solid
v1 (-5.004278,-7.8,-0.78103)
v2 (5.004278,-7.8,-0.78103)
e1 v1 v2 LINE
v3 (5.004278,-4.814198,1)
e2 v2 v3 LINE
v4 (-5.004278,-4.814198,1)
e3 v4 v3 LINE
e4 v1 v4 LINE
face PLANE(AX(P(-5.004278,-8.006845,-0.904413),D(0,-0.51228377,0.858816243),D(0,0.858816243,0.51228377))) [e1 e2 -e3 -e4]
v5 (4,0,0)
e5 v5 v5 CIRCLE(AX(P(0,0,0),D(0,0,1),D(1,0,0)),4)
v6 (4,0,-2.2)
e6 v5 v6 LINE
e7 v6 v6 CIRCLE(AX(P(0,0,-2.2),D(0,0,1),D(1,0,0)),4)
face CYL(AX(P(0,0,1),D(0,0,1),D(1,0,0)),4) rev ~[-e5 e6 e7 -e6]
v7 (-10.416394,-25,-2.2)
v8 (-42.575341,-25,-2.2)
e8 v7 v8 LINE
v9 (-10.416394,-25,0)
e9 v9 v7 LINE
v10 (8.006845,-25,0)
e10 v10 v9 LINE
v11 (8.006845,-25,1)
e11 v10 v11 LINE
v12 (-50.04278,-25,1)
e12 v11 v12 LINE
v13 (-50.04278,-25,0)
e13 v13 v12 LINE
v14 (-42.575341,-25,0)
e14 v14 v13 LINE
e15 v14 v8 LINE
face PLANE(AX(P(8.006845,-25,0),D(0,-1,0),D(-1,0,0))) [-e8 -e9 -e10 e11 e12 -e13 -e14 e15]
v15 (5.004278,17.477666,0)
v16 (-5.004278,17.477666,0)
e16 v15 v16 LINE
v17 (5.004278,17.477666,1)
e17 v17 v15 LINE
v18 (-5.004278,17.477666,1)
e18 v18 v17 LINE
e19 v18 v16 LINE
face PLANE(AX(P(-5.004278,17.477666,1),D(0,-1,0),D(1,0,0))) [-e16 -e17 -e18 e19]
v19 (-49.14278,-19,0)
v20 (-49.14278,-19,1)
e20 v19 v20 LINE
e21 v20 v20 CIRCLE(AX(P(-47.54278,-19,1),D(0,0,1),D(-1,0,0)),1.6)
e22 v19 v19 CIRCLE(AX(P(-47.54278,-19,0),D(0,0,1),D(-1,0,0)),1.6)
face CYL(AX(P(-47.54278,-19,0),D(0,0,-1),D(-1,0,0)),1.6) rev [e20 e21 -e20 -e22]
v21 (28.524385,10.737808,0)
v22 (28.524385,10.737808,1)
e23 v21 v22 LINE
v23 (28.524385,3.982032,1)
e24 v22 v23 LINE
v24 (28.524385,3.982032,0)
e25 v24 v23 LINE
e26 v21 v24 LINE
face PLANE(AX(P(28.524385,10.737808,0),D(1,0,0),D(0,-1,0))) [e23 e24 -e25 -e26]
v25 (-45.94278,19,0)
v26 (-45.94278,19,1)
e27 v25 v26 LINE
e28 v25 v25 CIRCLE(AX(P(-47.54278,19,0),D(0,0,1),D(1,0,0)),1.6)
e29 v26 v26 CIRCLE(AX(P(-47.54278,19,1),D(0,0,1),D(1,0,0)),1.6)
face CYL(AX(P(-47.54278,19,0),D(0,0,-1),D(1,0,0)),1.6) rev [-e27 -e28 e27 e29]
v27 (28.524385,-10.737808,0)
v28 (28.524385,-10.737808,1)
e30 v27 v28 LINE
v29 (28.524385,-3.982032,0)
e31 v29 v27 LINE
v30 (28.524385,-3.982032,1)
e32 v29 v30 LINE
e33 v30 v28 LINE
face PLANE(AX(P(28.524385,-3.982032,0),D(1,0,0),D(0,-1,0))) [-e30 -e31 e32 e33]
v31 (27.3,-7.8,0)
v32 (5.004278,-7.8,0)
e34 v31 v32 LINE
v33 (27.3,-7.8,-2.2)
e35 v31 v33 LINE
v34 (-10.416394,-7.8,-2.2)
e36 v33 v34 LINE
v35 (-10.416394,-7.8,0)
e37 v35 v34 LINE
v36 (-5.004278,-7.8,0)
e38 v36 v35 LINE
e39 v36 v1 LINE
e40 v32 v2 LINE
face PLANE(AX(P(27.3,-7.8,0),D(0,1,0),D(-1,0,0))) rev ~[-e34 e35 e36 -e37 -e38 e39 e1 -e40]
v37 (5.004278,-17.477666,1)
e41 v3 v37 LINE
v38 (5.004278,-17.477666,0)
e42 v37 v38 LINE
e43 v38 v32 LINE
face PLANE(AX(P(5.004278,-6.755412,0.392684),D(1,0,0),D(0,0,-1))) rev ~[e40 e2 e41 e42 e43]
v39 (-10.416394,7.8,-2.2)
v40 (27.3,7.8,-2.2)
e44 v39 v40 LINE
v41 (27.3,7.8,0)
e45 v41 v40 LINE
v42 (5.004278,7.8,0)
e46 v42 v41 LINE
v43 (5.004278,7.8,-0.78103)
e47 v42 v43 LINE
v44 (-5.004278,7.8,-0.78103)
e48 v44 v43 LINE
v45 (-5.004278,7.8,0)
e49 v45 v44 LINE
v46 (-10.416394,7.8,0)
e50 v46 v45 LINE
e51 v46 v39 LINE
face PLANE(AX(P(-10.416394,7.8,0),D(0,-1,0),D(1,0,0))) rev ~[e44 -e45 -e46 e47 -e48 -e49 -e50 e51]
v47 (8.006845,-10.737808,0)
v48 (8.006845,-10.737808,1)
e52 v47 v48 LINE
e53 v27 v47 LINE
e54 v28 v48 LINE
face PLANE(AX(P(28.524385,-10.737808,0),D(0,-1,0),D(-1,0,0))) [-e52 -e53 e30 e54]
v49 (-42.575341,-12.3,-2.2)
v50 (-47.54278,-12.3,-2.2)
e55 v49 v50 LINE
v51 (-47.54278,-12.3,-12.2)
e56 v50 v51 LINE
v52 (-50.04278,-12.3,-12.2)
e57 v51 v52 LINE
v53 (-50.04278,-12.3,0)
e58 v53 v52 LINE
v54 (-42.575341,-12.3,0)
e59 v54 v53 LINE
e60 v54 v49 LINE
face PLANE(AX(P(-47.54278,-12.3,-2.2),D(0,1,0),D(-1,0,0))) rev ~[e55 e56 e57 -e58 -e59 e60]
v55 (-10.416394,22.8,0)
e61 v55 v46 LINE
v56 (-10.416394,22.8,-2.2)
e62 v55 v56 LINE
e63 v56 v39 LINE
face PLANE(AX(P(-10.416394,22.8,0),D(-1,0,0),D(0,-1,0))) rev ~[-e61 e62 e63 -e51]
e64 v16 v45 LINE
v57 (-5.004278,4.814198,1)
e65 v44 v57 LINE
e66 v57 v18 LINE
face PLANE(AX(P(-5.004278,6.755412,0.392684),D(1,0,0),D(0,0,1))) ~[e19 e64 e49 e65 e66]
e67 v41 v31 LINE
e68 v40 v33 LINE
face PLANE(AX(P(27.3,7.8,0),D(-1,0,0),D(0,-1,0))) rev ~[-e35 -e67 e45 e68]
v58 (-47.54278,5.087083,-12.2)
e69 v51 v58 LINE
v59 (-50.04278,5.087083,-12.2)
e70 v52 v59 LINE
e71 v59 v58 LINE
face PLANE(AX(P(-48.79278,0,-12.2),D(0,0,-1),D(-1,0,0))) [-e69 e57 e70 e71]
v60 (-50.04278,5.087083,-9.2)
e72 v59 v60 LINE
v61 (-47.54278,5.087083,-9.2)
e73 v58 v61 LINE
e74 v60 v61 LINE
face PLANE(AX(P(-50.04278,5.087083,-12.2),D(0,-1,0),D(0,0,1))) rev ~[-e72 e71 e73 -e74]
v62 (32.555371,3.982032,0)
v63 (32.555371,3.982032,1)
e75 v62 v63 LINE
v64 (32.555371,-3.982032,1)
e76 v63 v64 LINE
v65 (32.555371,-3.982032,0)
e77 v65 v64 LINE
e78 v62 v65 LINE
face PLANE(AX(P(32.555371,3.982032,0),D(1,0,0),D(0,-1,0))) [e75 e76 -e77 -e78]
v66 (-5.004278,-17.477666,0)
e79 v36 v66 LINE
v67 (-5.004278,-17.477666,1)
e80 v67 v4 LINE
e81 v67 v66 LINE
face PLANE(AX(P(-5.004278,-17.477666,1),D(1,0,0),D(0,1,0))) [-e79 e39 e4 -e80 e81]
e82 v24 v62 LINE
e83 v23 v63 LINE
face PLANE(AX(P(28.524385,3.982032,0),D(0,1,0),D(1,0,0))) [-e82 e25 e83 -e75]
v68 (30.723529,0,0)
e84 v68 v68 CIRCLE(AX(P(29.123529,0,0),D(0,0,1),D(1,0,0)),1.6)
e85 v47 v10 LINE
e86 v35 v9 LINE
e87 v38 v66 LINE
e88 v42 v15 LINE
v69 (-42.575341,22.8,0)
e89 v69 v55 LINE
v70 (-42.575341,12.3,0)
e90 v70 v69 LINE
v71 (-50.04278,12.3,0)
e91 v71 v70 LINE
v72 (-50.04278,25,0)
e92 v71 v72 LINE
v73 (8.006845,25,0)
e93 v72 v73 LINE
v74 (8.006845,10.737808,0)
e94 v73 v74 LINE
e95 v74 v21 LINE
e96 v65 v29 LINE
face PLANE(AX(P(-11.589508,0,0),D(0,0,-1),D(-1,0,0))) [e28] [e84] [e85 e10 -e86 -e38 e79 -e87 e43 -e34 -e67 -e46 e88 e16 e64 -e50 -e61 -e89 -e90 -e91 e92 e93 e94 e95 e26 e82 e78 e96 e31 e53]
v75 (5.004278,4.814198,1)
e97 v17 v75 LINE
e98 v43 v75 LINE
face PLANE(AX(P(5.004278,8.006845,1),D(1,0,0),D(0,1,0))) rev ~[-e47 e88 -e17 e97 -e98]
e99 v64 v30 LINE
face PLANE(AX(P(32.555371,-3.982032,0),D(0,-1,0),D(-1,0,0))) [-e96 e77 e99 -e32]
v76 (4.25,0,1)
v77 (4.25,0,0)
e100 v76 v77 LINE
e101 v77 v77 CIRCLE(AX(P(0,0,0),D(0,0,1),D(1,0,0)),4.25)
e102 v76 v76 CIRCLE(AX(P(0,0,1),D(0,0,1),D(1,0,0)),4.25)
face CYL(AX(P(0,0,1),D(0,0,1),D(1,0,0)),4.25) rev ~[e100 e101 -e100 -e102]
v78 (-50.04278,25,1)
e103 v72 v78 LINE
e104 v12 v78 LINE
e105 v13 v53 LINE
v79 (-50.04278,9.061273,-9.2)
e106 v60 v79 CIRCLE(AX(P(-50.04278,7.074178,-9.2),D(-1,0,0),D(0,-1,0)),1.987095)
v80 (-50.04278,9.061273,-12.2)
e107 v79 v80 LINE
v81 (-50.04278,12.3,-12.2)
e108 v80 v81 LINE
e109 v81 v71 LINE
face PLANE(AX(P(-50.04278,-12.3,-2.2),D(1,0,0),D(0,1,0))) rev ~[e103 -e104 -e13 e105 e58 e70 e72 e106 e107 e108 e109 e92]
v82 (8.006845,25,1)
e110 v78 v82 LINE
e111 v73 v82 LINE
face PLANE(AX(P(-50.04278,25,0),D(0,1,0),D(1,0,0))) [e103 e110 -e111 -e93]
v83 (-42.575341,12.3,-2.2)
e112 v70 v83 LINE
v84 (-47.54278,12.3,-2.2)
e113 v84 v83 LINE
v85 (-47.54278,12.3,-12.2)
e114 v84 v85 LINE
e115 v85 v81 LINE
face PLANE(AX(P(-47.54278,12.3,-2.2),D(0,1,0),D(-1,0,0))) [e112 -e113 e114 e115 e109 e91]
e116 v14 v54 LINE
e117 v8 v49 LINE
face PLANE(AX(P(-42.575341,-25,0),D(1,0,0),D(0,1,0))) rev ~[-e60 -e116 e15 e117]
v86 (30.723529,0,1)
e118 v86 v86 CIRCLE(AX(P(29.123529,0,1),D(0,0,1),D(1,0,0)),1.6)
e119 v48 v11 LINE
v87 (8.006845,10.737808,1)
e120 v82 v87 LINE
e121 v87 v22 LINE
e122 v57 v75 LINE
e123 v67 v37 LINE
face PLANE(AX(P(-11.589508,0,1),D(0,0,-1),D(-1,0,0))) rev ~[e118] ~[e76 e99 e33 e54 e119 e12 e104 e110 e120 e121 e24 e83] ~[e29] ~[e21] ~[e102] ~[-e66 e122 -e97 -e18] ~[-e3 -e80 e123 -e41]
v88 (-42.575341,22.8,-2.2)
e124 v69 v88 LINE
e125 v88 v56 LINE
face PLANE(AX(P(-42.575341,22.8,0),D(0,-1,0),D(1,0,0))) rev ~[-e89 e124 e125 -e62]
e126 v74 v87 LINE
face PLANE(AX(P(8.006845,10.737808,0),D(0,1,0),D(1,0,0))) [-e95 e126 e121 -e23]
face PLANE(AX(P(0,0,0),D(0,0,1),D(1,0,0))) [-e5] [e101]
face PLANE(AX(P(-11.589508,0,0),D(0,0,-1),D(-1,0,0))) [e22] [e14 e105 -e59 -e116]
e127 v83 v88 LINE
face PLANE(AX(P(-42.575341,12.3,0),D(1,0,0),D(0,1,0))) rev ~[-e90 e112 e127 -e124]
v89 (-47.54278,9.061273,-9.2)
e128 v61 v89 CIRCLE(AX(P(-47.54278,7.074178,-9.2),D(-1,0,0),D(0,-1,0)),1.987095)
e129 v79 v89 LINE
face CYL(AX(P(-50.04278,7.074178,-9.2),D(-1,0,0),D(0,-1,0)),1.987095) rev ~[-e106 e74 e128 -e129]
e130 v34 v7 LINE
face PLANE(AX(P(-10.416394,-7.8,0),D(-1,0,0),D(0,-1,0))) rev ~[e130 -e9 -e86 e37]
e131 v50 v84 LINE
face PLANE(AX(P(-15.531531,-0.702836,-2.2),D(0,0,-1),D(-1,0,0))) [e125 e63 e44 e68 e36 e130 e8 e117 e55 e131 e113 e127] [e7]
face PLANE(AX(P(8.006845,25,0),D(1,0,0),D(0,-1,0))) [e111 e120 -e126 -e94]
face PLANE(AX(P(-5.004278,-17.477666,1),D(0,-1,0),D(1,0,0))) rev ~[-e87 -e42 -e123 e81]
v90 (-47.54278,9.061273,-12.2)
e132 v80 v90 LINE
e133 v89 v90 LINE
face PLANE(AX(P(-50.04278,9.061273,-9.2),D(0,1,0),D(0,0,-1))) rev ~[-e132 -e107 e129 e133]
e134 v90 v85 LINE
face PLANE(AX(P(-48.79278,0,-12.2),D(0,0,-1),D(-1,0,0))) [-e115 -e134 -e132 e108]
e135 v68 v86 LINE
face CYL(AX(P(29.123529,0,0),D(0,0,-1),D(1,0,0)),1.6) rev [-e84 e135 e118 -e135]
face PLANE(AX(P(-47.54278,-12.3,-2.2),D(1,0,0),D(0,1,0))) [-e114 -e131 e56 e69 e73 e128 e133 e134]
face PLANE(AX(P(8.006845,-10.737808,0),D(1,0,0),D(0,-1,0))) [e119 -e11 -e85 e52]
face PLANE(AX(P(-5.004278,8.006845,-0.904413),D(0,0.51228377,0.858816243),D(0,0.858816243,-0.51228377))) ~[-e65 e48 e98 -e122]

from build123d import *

# Parameters (mm, degrees)
SKETCH4_R           = 1.6
BOSS_EXTRUDE2_DEPTH = 1
BOSS_EXTRUDE3_DEPTH = 2.2
SKETCH6_R           = 4
SKETCH6_W           = 10.008556046
SKETCH6_H           = 9.470821567
CUT_EXTRUDE1_DEPTH  = 57.031418446
CUT_EXTRUDE2_DEPTH  = 10.008556046
SKETCH8_W           = 2.5
SKETCH8_H           = 24.6
BOSS_EXTRUDE4_DEPTH = 10
CUT_EXTRUDE3_REACH  = 89.157
SKETCH10_R          = 4.25
CUT_EXTRUDE4_DEPTH  = 1


with BuildPart() as part:
    # Sketch4 → Boss-Extrude2 (new body)
    with BuildSketch(Plane.XY):
        Polygon((-50.042780229, 25), (8.006844837, 25), (8.006844837, 10.737807635), (28.52438473, 10.737807635), (28.52438473, 3.982032304), (32.555371359, 3.982032304), (32.555371359, -3.982032304), (28.52438473, -3.982032304), (28.52438473, -10.737807635), (8.006844837, -10.737807635), (8.006844837, -25), (-50.042780229, -25), align=None)
        with Locations((-47.542780229, 19)):
            Circle(SKETCH4_R, mode=Mode.SUBTRACT)
        with Locations(Location((-47.542780229, -19, 0), (0, 0, 180))):
            Circle(SKETCH4_R, mode=Mode.SUBTRACT)
        with Locations((29.123529126, 0)):
            Circle(SKETCH4_R, mode=Mode.SUBTRACT)
    extrude(amount=BOSS_EXTRUDE2_DEPTH)

    # Sketch5 → Boss-Extrude3 (add)
    with BuildSketch(Plane(origin=(0, 0, 0), x_dir=(-1, 0, 0), z_dir=(0, 0, -1))):
        Polygon((10.130686795, 7.8), (-27.3, 7.8), (-27.3, -7.8), (10.130686795, -7.8), (10.416393564, -7.8), (10.416393564, -8), (10.416393564, -25), (42.575341492, -25), (42.575341492, -12.3), (50.042780229, -12.3), (50.042780229, 12.3), (42.575341492, 12.3), (42.575341492, 22.8), (10.416393564, 22.8), (10.416393564, 8), (10.416393564, 7.8), align=None)
    extrude(amount=BOSS_EXTRUDE3_DEPTH)

    # Sketch6 → Cut-Extrude1 (cut, through all)
    with BuildSketch(Plane.XY.offset(1)):
        Circle(SKETCH6_R)
        with Locations((0, -12.74225562)):
            Rectangle(SKETCH6_W, SKETCH6_H)
        with Locations((0, 12.74225562)):
            Rectangle(SKETCH6_W, SKETCH6_H)
    extrude(amount=-CUT_EXTRUDE1_DEPTH, mode=Mode.SUBTRACT)

    # Sketch7 → Cut-Extrude2 (cut)
    with BuildSketch(Plane(origin=(-5.004278023, 0, 0), x_dir=(0, 0, -1), z_dir=(1, 0, 0))):
        Polygon((0.904413332, -8.006844837), (-1, -4.814198104), (-1, -8.006844837), (0, -8.006844837), align=None)
    cut_extrude2 = extrude(amount=CUT_EXTRUDE2_DEPTH, mode=Mode.SUBTRACT)

    # Mirror1: Cut-Extrude2 across plane
    add(cut_extrude2.mirror(Plane.ZX), mode=Mode.SUBTRACT)

    # Sketch8 → Boss-Extrude4 (add)
    with BuildSketch(Plane(origin=(0, 0, -2.2), x_dir=(-1, 0, 0), z_dir=(0, 0, -1))):
        with Locations((48.792780229, 0)):
            Rectangle(SKETCH8_W, SKETCH8_H)
    extrude(amount=BOSS_EXTRUDE4_DEPTH)

    # Sketch9 → Cut-Extrude3 (cut, up to next)
    with BuildSketch(Plane.ZY.offset(50.042780229), mode=Mode.PRIVATE) as cut_extrude3_sk1:
        with BuildLine():
            Line((-9.2, 9.061272662), (-12.2, 9.061272662))
            Line((-12.2, 9.061272662), (-12.2, 5.087082771))
            Line((-12.2, 5.087082771), (-9.2, 5.087082771))
            ThreePointArc((-9.2, 5.087082771), (-7.212905055, 7.074177716), (-9.2, 9.061272662))
        make_face()
    cut_extrude3_tool1 = extrude(cut_extrude3_sk1.sketch, amount=-CUT_EXTRUDE3_REACH, mode=Mode.PRIVATE) & part.part
    add(cut_extrude3_tool1.solids().sort_by_distance((-50.04278, 7.074178, -9.898105))[0], mode=Mode.SUBTRACT)

    # Sketch10 → Cut-Extrude4 (cut)
    with BuildSketch(Plane.XY.offset(1)):
        Circle(SKETCH10_R)
    extrude(amount=-CUT_EXTRUDE4_DEPTH, mode=Mode.SUBTRACT)


solid = part.part
